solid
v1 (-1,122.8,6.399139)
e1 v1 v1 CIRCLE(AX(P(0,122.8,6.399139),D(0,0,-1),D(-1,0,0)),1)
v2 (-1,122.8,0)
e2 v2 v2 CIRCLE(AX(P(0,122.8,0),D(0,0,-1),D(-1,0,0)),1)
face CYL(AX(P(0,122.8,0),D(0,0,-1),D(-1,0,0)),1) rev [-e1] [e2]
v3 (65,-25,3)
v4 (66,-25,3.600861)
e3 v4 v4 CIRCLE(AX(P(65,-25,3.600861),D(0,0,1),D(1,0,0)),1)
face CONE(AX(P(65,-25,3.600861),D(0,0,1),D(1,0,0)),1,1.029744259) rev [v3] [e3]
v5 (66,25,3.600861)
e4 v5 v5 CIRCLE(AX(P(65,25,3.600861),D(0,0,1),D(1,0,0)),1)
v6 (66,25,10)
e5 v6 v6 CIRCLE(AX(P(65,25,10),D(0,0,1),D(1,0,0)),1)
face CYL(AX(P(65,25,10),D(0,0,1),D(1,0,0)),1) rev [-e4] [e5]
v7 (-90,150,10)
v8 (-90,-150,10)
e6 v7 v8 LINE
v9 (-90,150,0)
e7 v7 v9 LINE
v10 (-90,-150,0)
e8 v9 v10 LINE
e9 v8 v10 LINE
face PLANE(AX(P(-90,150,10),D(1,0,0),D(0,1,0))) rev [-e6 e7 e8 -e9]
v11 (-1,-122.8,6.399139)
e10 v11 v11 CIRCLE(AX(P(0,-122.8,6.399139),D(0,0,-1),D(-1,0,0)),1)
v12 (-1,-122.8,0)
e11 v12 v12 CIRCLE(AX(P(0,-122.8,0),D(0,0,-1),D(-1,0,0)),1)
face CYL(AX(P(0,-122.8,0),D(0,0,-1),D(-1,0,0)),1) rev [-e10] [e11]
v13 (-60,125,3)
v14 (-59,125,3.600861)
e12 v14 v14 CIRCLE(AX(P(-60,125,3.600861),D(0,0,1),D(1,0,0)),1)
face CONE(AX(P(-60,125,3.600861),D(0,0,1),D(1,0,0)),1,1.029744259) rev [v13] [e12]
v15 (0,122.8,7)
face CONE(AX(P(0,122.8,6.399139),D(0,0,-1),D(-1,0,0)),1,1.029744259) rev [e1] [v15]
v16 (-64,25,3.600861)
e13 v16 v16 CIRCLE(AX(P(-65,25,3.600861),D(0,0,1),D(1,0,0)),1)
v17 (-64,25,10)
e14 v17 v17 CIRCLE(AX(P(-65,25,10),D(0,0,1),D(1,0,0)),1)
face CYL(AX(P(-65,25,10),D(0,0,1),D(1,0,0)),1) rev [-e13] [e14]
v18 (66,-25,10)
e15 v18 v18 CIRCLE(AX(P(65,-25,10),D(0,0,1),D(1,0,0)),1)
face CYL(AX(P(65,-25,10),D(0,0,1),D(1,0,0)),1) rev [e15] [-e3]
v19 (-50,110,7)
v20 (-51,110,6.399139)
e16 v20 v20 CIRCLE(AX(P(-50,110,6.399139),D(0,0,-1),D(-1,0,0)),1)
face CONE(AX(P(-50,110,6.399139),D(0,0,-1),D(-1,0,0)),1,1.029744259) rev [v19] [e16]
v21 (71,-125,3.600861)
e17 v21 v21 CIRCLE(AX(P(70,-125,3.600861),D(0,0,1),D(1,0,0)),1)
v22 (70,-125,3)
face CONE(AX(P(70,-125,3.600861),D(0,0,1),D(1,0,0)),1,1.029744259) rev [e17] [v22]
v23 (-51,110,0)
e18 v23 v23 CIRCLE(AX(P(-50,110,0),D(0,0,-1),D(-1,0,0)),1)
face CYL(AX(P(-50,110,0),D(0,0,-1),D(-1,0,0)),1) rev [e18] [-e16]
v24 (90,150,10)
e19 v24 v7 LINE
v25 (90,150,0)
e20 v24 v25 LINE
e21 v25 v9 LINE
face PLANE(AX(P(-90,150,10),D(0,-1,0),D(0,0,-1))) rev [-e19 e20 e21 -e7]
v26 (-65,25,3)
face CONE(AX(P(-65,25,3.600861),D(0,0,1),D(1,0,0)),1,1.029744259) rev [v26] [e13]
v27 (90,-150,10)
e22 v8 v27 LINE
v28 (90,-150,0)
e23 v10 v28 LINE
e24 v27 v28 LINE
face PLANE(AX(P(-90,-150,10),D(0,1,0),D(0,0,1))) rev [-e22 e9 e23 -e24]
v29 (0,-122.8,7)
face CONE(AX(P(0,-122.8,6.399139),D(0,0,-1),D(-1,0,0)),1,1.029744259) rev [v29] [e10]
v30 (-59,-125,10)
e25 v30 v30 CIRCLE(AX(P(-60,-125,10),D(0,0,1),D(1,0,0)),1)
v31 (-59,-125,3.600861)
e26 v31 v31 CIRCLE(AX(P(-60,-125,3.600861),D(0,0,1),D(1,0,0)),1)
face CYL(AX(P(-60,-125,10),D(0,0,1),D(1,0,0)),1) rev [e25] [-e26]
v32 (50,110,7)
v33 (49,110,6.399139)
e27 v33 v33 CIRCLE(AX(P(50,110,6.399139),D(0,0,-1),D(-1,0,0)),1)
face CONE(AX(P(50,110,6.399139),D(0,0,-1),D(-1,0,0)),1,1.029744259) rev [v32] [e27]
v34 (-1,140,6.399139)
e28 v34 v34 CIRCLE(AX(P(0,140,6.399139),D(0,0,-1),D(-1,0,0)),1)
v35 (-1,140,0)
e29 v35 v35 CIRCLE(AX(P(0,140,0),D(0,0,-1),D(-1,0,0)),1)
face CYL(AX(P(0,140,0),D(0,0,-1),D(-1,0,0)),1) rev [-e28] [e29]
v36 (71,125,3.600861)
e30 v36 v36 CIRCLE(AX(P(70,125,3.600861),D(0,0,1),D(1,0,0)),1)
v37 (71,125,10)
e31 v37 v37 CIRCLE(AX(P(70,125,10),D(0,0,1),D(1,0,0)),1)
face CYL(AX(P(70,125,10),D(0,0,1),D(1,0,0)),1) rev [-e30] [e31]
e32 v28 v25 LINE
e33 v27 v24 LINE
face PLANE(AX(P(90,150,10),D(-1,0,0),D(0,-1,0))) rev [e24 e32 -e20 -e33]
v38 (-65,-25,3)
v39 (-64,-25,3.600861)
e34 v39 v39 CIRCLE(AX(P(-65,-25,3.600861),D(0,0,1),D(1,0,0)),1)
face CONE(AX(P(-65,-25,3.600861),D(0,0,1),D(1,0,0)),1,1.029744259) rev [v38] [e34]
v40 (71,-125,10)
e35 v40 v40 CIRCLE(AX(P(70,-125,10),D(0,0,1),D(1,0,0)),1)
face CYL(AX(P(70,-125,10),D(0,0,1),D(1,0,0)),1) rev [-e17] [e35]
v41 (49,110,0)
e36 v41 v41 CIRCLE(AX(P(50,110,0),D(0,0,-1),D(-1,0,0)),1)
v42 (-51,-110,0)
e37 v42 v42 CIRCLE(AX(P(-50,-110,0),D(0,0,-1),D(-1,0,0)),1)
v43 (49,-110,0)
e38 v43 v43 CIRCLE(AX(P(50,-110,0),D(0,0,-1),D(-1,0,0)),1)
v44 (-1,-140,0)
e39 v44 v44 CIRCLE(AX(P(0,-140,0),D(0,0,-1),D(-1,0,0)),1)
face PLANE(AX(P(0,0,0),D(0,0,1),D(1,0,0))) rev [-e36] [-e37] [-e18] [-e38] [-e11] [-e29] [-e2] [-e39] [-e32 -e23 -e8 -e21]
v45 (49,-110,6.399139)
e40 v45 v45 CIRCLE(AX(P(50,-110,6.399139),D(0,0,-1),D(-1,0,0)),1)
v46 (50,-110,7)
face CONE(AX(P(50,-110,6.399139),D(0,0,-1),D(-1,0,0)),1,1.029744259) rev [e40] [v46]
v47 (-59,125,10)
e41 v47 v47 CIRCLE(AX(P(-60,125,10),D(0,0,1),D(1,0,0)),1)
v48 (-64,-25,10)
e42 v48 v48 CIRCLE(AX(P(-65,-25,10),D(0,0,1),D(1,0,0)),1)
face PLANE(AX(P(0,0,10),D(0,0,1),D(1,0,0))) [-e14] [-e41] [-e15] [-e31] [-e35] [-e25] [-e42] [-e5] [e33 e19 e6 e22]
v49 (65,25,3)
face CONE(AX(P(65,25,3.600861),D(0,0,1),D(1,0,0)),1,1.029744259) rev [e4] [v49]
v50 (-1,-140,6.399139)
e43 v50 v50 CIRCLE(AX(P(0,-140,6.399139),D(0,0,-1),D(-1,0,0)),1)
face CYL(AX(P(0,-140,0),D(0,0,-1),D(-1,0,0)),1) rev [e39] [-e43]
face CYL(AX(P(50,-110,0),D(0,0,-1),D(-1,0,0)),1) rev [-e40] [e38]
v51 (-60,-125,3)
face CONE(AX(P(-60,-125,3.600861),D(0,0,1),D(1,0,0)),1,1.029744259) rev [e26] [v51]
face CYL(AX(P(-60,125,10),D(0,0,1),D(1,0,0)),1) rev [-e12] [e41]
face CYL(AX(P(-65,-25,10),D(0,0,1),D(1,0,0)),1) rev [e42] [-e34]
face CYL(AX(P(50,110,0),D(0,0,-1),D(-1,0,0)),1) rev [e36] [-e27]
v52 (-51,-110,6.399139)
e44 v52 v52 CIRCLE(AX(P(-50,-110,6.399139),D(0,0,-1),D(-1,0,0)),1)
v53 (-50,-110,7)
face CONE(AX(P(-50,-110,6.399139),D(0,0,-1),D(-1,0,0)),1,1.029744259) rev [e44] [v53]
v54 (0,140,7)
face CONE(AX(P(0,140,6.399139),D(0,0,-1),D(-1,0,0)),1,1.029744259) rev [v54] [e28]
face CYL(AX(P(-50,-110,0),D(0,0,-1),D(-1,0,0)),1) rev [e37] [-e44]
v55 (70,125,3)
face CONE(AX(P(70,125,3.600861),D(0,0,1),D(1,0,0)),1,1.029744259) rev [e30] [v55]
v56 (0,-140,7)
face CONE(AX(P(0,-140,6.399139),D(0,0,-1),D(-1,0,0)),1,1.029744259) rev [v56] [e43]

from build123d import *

# Parameters (mm, degrees)
SKETCH_1_W      = 180
SKETCH_1_H      = 300
EXTRUDE_1_DEPTH = 10
F_2_0MM_1_D     = 2
F_2_0MM_1_DEPTH = 6.399139381
F_2_0MM_1_TIP   = 0.600860619
F_2_0MM_2_D     = 2
F_2_0MM_2_DEPTH = 6.399139381
F_2_0MM_2_TIP   = 0.600860619
F_2_0MM_3_D     = 2
F_2_0MM_3_DEPTH = 6.399139381
F_2_0MM_3_TIP   = 0.600860619
F_2_0MM_4_D     = 2
F_2_0MM_4_DEPTH = 6.399139381
F_2_0MM_4_TIP   = 0.600860619


with BuildPart() as part:
    # 草圖1 → 填料-伸長1 (new body)
    with BuildSketch(Plane.XY):
        Rectangle(SKETCH_1_W, SKETCH_1_H)
    extrude(amount=EXTRUDE_1_DEPTH)

    # Ø2.0mm 定位孔1
    with Locations(Plane(origin=(50, -110, 0), x_dir=(-1, 0, 0), z_dir=(0, 0, -1))):
        with Locations((0, 0), (0, 220), (100, 220), (100, 0)):
            Hole(F_2_0MM_1_D / 2, depth=F_2_0MM_1_DEPTH)
            with Locations((0, 0, -(F_2_0MM_1_DEPTH + F_2_0MM_1_TIP / 2))):  # 118° drill point
                Cone(0, F_2_0MM_1_D / 2, F_2_0MM_1_TIP, mode=Mode.SUBTRACT)

    # Ø2.0mm 定位孔2
    with Locations(Plane(origin=(-60, 125, 10), x_dir=(1, 0, 0), z_dir=(0, 0, 1))):
        with Locations((0, 0), (130, 0), (130, -250), (0, -250)):
            Hole(F_2_0MM_2_D / 2, depth=F_2_0MM_2_DEPTH)
            with Locations((0, 0, -(F_2_0MM_2_DEPTH + F_2_0MM_2_TIP / 2))):  # 118° drill point
                Cone(0, F_2_0MM_2_D / 2, F_2_0MM_2_TIP, mode=Mode.SUBTRACT)

    # Ø2.0mm 定位孔3
    with Locations(Plane(origin=(-65, 25, 10), x_dir=(1, 0, 0), z_dir=(0, 0, 1))):
        with Locations((0, 0), (130, 0), (130, -50), (0, -50)):
            Hole(F_2_0MM_3_D / 2, depth=F_2_0MM_3_DEPTH)
            with Locations((0, 0, -(F_2_0MM_3_DEPTH + F_2_0MM_3_TIP / 2))):  # 118° drill point
                Cone(0, F_2_0MM_3_D / 2, F_2_0MM_3_TIP, mode=Mode.SUBTRACT)

    # Ø2.0mm 定位孔4
    with Locations(Plane(origin=(0, 140, 0), x_dir=(-1, 0, 0), z_dir=(0, 0, -1))):
        with Locations((0, 0), (0, -17.2), (0, -262.8), (0, -280)):
            Hole(F_2_0MM_4_D / 2, depth=F_2_0MM_4_DEPTH)
            with Locations((0, 0, -(F_2_0MM_4_DEPTH + F_2_0MM_4_TIP / 2))):  # 118° drill point
                Cone(0, F_2_0MM_4_D / 2, F_2_0MM_4_TIP, mode=Mode.SUBTRACT)


solid = part.part
